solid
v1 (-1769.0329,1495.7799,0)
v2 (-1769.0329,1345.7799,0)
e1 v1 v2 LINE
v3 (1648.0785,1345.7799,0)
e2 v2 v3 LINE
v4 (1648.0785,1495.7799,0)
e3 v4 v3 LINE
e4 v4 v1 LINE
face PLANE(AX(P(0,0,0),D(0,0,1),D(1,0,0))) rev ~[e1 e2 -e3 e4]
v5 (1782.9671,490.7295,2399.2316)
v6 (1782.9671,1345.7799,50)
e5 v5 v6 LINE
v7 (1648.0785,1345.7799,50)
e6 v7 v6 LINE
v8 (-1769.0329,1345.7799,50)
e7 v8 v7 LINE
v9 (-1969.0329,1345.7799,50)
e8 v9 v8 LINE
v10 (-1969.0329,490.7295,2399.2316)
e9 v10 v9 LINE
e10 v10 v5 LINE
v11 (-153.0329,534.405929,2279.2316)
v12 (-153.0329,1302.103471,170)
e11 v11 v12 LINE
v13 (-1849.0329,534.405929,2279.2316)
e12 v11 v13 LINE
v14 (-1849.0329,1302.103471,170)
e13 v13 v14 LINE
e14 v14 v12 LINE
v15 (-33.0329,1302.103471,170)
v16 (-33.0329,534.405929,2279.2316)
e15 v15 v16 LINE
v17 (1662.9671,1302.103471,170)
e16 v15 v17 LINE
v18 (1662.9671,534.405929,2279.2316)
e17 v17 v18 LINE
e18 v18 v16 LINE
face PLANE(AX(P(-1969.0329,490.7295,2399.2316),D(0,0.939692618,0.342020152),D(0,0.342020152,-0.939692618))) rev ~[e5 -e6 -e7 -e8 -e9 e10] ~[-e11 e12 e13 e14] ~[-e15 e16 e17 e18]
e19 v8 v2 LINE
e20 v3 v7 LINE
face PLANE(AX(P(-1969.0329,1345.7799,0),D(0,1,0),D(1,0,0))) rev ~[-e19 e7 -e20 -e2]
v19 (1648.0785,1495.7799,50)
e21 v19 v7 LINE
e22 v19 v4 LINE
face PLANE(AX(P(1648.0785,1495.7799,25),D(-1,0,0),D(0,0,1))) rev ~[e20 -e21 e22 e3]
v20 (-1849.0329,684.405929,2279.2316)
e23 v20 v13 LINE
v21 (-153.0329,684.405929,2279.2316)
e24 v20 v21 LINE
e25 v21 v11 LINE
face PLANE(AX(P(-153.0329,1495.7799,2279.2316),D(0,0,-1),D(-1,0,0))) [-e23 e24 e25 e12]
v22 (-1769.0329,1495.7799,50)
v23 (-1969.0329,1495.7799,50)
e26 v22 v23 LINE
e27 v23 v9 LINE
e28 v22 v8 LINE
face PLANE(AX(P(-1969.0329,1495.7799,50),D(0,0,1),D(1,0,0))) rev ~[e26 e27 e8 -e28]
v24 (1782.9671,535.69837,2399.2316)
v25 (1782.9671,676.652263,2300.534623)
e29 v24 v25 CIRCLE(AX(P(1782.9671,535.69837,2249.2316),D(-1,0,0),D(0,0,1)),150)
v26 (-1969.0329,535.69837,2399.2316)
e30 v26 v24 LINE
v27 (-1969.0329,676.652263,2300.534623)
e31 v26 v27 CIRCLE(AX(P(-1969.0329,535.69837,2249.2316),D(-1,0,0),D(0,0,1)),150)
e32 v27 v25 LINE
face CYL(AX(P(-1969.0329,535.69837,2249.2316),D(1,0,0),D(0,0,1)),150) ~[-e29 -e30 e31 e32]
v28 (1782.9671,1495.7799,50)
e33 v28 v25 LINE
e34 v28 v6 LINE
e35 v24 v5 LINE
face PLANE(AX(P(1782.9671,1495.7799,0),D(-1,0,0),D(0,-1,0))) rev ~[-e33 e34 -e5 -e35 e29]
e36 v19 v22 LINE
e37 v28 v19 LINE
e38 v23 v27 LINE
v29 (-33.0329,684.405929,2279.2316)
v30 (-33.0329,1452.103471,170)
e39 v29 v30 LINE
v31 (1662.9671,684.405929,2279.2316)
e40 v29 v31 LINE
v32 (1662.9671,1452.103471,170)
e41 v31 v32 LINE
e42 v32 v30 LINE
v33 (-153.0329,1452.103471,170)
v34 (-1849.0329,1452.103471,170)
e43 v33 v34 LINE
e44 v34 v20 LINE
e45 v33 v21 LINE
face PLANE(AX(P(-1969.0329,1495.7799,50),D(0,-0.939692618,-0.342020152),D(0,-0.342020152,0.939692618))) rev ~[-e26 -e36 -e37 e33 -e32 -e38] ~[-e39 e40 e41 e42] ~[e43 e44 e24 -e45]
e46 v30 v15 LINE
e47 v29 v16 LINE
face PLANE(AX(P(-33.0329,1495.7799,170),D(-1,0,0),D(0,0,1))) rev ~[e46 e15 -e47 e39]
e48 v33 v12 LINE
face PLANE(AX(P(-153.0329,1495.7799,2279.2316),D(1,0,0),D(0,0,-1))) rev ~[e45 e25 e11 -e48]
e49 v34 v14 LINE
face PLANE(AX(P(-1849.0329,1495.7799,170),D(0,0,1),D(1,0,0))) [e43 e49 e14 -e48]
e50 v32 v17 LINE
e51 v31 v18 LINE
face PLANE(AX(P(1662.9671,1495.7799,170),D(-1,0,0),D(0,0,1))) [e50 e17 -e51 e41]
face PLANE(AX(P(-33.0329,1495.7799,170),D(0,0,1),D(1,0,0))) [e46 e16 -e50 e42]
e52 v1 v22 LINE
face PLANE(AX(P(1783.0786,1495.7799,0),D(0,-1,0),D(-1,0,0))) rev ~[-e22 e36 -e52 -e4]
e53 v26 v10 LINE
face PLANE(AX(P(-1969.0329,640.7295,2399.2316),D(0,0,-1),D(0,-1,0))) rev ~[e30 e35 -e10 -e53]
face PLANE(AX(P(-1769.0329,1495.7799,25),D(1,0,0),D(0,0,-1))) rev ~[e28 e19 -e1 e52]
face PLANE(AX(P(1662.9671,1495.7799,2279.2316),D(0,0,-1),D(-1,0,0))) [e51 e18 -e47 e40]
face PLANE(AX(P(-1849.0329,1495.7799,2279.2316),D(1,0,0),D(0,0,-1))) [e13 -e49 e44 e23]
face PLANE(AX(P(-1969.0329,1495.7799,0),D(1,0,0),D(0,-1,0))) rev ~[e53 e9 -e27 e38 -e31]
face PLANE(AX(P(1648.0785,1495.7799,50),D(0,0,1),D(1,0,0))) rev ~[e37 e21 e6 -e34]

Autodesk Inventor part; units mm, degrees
ref_plane "YZ Plane" through (0, 0, 0) normal (1, 0, 0) x (0, 1, 0)
sketch "Sketch1" plane through (0, 0, 0) normal (0, 0, 1) x (1, 0, 0)
  line L0 (1783.0786, 1495.7799) -> (-1969.0329, 1495.7799)
  line L1 (-1969.0329, 1495.7799) -> (-1969.0329, 1345.7799)
  line L2 (-1969.0329, 1345.7799) -> (1783.0786, 1345.7799)
  line L3 (1783.0786, 1345.7799) -> (1783.0786, 1495.7799)
  point P0 (0, 0)
  point P1 (1784.5139, 676.7735)
  point P2 (1648.0785, 676.7735)
  point P3 (-1769.0329, 888.0934)
  point P4 (-1769.0329, 1496.9217)
  point P5 (-1969.0329, -1503.0783)
  point P6 (-1969.0329, 1496.9217)
  dimension "d0" = 150
  dimension "d7" = 3752.1115
extrude "Extrusion1" add sketch "Sketch1" along normal blind 50
ref_plane "Work Plane1" through (0, 0, 50) normal (0, 0, 1) x (1, 0, 0)
ref_plane "Work Plane2" through (-1969.0329, 1495.7799, 0) normal (-1, 0, 0) x (0, -1, 0)
sketch "Sketch2" plane through (-1969.0329, 1495.7799, 0) normal (-1, 0, 0) x (0, -1, 0)
  line L0 (0, 50) -> (150, 50)
  line L1 (0, 50) -> (855.0504, 2399.2316)
  line L2 (0, 50) -> (2500, 50) construction
  line L3 (855.0504, 2399.2316) -> (1005.0504, 2399.2316)
  line L4 (1005.0504, 2399.2316) -> (150, 50)
  point P0 (1495.7799, 0)
  dimension "d4" = 2500
  dimension "d5" = 70
  dimension "d6" = 150
extrude "Extrusion2" add sketch "Sketch2" against normal blind 3752
sketch "Sketch3" plane through (-1969.0329, 1495.7799, 0) normal (0, 1, 0) x (1, 0, 0)
  line L0 (0, 0) -> (0, -50) projected
  line L1 (200, 0) -> (0, 0)
  line L2 (0, 0) -> (0, -25)
  line L3 (200, -25) -> (200, 0)
  line L4 (3752.1115, 0) -> (3752.1115, -50) projected
  line L5 (3617.1114, 0) -> (3752.1115, 0)
  line L6 (3752.1115, 0) -> (3752.1115, -25)
  line L7 (3617.1114, -25) -> (3617.1114, 0)
  line L8 (3617.1114, -25) -> (3617.1114, -50)
  line L9 (3617.1114, -50) -> (3752.1115, -50)
  line L10 (3752.1115, -25) -> (3752.1115, -50)
  line L11 (0, -50) -> (200, -50)
  line L12 (200, -50) -> (200, -25)
  line L13 (0, -25) -> (0, -50)
  point P0 (1969.0329, 0)
extrude "Extrusion3" cut sketch "Sketch3" against normal through all
sketch "Sketch4" plane through (1782.9671, 1495.7799, 0) normal (1, 0, 0) x (0, 0, -1)
  line L0 (-50, 0) -> (-50, -150) projected
  line L1 (-50, 0) -> (-425.877, -136.8081)
  line L2 (-50, 0) -> (-2399.2316, -855.0504) projected
  line L3 (-425.877, -136.8081) -> (-425.877, -146.8081)
  line L4 (-425.877, -146.8081) -> (-444.6709, -153.6485)
  line L5 (-444.6709, -153.6485) -> (-444.6709, -143.6485)
  line L6 (-444.6709, -143.6485) -> (-820.5479, -280.4565)
  line L7 (-820.5479, -280.4565) -> (-820.5479, -290.4565)
  line L8 (-820.5479, -290.4565) -> (-839.3418, -297.2969)
  line L9 (-839.3418, -297.2969) -> (-839.3418, -287.2969)
  line L10 (-839.3418, -287.2969) -> (-1215.2188, -424.105)
  line L11 (-1215.2188, -424.105) -> (-1215.2188, -434.105)
  line L12 (-1215.2188, -434.105) -> (-1234.0127, -440.9454)
  line L13 (-1234.0127, -440.9454) -> (-1234.0127, -430.9454)
  line L14 (-1234.0127, -430.9454) -> (-1609.8898, -567.7534)
  line L15 (-1609.8898, -567.7534) -> (-1609.2626, -577.5252)
  line L16 (-1609.2626, -577.5252) -> (-1628.0565, -584.3656)
  line L17 (-1628.0565, -584.3656) -> (-1628.6836, -574.5938)
  line L18 (-1628.6836, -574.5938) -> (-2004.5607, -711.4019)
  line L19 (-2004.5607, -711.4019) -> (-2003.9335, -721.1736)
  line L20 (-2003.9335, -721.1736) -> (-2022.7274, -728.014)
  line L21 (-2022.7274, -728.014) -> (-2023.3545, -718.2423)
  line L22 (-2023.3545, -718.2423) -> (-425.877, -136.8081)
  point P0 (0, -1495.7799)
  dimension "d12" = 400
  dimension "d13" = 10
  dimension "d14" = 20
  dimension "d15" = 400
  dimension "d16" = 20
  dimension "d17" = 400
  dimension "d18" = 20
  dimension "d19" = 400
  dimension "d20" = 20
  dimension "d21" = 400
  dimension "d22" = 20
sketch "Sketch5" plane through (-1769.0329, 1495.7799, 0) normal (0, 1, 0) x (1, 0, 0)
  line L0 (-200, -2399.2316) -> (-200, -50) projected
  line L1 (-200, -2399.2316) -> (3552, -2399.2316) projected
  line L2 (3552, -50) -> (3552, -2399.2316) projected
  line L3 (3552, -50) -> (3417.1114, -50) projected
  line L4 (3417.1114, -50) -> (0, -50) projected
  line L5 (0, -50) -> (-200, -50) projected
  line L6 (-200, -50) -> (-80, -50)
  line L7 (-80, -50) -> (-80, -170)
  line L8 (-80, -170) -> (-200, -170)
  line L9 (-200, -170) -> (-200, -50)
  line L10 (3552, -2399.2316) -> (3432, -2399.2316)
  line L11 (3432, -2399.2316) -> (3432, -2279.2316)
  line L12 (3432, -2279.2316) -> (3552, -2279.2316)
  line L13 (3552, -2279.2316) -> (3552, -2399.2316)
  line L14 (3432, -2279.2316) -> (-80, -2279.2316)
  line L15 (-80, -2279.2316) -> (-80, -170)
  line L16 (-80, -170) -> (3432, -170)
  line L17 (3432, -170) -> (3432, -2279.2316)
  line L18 (1676, -2279.2316) -> (1616, -2279.2316)
  line L19 (1616, -2279.2316) -> (1616, -170)
  line L20 (1616, -170) -> (1676, -170)
  line L21 (1676, -170) -> (1736, -170)
  line L22 (1736, -170) -> (1736, -2279.2316)
  line L23 (1736, -2279.2316) -> (1676, -2279.2316)
  point P0 (1769.0329, 0)
  dimension "d23" = 120
  dimension "d24" = 120
  dimension "d25" = 120
  dimension "d26" = 120
fillet "Fillet1" radius 150 1 edges at (-93.0329, 640.7295, 2399.2316)
extrude "Extrusion5" cut sketch "Sketch5" against normal through all contours L16 L19 L14 L15 | L14 L22 L16 L17
sketch "Sketch6" plane through (-1849.0329, 534.4059, 2279.2316) normal (1, 0, 0) x (0, 0, -1)
  line L0 (0, 150) -> (2109.2316, 917.6975) projected
  line L1 (0, 150) -> (0, 0) projected
  line L2 (2109.2316, 767.6975) -> (0, 0) projected
  line L3 (2109.2316, 917.6975) -> (2109.2316, 767.6975) projected
  point P0 (2279.2316, -534.4059)
properties part number "side_curve_frame_02" material "Wood (Maple)"
